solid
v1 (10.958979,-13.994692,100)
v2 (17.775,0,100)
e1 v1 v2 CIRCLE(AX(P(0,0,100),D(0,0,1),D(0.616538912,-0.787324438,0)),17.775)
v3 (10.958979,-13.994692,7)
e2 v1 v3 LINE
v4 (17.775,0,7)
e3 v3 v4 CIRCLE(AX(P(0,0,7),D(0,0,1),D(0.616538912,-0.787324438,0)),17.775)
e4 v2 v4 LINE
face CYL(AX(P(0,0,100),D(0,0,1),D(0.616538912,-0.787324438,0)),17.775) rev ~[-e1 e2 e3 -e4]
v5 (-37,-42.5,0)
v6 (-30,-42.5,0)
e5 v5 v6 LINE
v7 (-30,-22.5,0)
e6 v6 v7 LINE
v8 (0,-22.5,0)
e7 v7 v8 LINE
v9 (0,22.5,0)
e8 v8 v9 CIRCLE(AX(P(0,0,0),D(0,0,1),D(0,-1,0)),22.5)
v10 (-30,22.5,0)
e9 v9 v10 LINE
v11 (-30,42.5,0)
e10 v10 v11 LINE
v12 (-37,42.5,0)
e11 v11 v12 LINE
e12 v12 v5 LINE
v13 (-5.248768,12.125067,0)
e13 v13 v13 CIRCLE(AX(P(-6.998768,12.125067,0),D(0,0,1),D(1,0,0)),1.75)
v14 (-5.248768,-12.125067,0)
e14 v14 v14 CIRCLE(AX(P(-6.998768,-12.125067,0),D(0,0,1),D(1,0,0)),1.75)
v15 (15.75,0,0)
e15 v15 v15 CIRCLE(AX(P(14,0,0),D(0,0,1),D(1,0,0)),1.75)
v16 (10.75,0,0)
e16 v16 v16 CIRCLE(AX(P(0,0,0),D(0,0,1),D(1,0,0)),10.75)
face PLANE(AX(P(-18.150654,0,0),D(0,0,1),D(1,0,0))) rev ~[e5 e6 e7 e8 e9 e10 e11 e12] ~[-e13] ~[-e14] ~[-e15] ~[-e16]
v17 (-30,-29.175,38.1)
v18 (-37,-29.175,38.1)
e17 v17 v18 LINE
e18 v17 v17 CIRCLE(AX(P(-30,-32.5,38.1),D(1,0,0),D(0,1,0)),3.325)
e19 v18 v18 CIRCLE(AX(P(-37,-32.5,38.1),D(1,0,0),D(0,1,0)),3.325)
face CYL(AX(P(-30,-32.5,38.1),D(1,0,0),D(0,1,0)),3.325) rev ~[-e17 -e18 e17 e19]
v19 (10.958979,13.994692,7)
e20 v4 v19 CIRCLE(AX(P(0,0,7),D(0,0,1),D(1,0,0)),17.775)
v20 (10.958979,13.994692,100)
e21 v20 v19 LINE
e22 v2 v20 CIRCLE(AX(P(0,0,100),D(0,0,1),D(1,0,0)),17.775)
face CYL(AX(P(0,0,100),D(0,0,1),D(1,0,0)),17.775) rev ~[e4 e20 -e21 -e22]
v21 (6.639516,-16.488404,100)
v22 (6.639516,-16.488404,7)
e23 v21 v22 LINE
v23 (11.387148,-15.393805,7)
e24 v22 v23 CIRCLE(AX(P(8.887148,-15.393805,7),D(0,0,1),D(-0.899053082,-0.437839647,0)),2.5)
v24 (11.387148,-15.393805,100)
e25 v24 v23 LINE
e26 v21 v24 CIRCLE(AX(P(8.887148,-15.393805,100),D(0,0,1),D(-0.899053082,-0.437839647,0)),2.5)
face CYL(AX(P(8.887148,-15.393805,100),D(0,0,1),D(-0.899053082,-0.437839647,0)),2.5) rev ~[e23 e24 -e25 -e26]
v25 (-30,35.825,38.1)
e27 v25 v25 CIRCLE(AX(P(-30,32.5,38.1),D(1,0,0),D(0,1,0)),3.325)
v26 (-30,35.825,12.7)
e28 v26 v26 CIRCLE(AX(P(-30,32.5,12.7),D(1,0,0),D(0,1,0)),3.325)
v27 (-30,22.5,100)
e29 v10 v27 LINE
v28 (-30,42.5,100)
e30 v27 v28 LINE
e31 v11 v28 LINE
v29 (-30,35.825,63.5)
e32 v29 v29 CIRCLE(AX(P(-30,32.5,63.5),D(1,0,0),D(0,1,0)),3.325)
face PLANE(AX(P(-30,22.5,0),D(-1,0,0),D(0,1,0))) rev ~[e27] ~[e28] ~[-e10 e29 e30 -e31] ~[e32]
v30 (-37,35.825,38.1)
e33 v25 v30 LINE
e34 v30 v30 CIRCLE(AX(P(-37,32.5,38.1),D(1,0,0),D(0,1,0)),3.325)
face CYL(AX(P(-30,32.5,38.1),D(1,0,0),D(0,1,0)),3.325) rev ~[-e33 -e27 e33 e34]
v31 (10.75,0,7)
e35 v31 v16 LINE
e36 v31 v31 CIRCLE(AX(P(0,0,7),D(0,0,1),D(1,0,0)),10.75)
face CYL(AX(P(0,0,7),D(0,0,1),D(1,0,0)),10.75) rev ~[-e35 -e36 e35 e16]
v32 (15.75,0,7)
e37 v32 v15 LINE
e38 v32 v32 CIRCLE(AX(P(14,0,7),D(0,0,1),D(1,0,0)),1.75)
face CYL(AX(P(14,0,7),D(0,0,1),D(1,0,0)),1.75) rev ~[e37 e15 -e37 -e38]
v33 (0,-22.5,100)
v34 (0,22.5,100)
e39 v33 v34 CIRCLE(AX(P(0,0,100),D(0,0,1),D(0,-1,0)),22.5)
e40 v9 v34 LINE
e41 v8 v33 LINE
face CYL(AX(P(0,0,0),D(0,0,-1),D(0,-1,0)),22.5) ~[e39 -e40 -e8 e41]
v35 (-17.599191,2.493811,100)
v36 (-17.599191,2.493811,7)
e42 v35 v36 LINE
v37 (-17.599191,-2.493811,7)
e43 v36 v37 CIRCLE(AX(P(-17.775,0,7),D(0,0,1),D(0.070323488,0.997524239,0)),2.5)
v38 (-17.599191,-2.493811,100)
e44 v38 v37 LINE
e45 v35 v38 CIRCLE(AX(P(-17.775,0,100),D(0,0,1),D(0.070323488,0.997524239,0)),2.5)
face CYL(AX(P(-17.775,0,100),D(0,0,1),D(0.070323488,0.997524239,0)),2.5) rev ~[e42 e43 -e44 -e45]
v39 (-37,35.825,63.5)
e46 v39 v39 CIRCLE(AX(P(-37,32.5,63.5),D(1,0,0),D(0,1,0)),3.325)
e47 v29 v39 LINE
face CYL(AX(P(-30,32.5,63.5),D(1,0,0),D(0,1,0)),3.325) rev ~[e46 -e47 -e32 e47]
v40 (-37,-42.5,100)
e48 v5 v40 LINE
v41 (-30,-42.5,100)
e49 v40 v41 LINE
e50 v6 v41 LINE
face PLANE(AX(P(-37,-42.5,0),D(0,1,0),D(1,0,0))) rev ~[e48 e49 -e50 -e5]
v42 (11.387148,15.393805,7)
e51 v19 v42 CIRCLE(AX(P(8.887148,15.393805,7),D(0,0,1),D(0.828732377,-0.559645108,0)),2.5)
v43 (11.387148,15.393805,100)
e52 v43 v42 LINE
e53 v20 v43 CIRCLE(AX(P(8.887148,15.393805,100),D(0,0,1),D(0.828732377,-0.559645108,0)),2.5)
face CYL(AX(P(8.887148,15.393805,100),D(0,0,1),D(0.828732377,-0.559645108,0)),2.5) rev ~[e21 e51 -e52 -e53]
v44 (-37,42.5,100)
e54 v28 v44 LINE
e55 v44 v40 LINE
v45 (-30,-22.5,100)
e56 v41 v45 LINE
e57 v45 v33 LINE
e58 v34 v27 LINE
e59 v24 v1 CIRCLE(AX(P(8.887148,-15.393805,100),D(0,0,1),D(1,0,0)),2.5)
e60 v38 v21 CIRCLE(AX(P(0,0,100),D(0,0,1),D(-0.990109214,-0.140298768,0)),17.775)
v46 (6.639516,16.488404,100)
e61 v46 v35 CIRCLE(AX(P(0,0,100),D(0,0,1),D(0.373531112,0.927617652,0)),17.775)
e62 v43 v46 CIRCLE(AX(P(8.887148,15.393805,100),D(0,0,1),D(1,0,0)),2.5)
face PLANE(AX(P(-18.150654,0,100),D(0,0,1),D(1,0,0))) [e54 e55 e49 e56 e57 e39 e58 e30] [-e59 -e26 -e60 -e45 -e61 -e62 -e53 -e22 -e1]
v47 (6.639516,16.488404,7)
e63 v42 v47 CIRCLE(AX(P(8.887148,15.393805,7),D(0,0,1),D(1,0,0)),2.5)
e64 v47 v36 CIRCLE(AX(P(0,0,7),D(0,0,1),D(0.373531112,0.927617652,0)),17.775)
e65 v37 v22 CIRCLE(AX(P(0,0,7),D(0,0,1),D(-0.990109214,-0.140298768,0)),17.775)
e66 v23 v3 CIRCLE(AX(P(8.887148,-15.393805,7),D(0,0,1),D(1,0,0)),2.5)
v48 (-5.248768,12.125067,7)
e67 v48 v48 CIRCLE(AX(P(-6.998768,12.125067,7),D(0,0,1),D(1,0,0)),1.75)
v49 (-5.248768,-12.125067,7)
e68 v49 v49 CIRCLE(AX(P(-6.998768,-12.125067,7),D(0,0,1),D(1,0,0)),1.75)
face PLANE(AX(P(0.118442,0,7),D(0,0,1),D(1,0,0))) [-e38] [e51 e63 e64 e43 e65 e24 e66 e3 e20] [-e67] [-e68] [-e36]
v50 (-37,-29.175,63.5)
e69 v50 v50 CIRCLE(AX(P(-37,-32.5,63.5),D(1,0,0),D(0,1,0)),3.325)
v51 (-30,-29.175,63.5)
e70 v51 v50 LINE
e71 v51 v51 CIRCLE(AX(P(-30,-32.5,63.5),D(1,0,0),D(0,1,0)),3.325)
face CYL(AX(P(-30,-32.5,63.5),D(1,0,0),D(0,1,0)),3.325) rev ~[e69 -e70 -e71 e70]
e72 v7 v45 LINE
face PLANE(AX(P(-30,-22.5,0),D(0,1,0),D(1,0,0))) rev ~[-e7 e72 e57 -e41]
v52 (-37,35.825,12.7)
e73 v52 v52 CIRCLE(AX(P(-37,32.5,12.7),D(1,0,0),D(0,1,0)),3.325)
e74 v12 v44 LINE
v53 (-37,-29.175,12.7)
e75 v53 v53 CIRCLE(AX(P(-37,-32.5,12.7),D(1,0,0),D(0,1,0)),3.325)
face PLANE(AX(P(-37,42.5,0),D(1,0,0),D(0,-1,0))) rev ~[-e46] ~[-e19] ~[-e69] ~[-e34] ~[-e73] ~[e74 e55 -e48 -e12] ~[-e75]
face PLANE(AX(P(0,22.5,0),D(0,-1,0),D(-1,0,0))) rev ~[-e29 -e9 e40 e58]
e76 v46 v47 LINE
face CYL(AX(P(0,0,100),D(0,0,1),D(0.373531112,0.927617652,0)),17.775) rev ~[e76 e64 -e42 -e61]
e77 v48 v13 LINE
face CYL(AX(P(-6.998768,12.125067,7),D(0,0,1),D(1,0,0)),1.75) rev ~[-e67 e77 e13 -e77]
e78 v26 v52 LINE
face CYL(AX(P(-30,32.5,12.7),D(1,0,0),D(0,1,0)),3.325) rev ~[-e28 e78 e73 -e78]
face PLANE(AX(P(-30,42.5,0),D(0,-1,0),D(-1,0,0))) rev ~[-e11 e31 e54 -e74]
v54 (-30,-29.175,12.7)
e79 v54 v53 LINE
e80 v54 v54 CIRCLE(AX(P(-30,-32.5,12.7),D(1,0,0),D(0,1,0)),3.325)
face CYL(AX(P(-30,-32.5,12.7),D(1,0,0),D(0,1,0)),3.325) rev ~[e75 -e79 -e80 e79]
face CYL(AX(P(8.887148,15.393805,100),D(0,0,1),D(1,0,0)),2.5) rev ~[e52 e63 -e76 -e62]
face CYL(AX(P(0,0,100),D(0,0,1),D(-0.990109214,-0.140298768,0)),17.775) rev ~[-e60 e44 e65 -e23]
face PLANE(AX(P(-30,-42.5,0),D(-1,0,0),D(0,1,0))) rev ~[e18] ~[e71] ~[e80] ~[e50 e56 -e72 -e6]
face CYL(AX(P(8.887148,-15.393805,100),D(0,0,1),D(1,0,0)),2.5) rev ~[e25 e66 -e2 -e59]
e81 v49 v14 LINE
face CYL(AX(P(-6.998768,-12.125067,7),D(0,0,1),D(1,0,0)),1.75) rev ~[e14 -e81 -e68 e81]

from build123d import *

# Parameters (mm, degrees)
F1_DEPTH = 100
F3_DEPTH = 93
F4_R     = 10.75
F4_R_2   = 1.75
F5_DEPTH = 7.001
F6_R     = 3.325
F7_DEPTH = 7.001


with BuildPart() as f1:
    # F0 (on Top) → F1 (new body)
    with BuildSketch(Plane.XY):
        with BuildLine():
            Line((-30, -22.5), (0, -22.5))
            ThreePointArc((0, -22.5), (22.5, 0), (0, 22.5))
            Line((0, 22.5), (-30, 22.5))
            Line((-30, 22.5), (-30, 42.5))
            Line((-30, 42.5), (-37, 42.5))
            Line((-37, 42.5), (-37, -42.5))
            Line((-37, -42.5), (-30, -42.5))
            Line((-30, -42.5), (-30, -22.5))
        make_face()
    extrude(amount=F1_DEPTH)

    # F2 (on face) → F3 (cut)
    with BuildSketch(Plane.XY.offset(100)):
        with BuildLine():
            ThreePointArc((10.9589791569, -13.9946918808), (15.9804017395, -7.7831475152), (17.775, 0))
            ThreePointArc((17.775, 0), (15.9804017395, 7.7831475152), (10.9589791569, 13.9946918808))
            ThreePointArc((10.9589791569, 13.9946918808), (7.6371976915, 13.2287125761), (6.6395155094, 16.4884037675))
            ThreePointArc((6.6395155094, 16.4884037675), (-8.8876758914, 15.3935), (-17.5991912799, 2.493810597))
            ThreePointArc((-17.5991912799, 2.493810597), (-15.9461312513, 1.7044761952), (-15.275, 0))
            ThreePointArc((-15.275, 0), (-15.9461312513, -1.7044761952), (-17.5991912799, -2.493810597))
            ThreePointArc((-17.5991912799, -2.493810597), (-8.8876758914, -15.3935), (6.6395155094, -16.4884037675))
            ThreePointArc((6.6395155094, -16.4884037675), (7.6371976915, -13.2287125761), (10.9589791569, -13.9946918808))
        make_face()
        with BuildLine():
            ThreePointArc((6.6395155094, 16.4884037675), (7.6371976915, 13.2287125761), (10.9589791569, 13.9946918808))
            ThreePointArc((10.9589791569, 13.9946918808), (8.8871482138, 15.3938046508), (6.6395155094, 16.4884037675))
        make_face()
        with BuildLine():
            ThreePointArc((6.6395155094, 16.4884037675), (8.8871482138, 15.3938046508), (10.9589791569, 13.9946918808))
            ThreePointArc((10.9589791569, 13.9946918808), (11.2777106327, 14.662223267), (11.3871482138, 15.3938046508))
            ThreePointArc((11.3871482138, 15.3938046508), (9.4488056891, 17.8298959628), (6.6395155094, 16.4884037675))
        make_face()
        with BuildLine():
            ThreePointArc((11.3871482138, -15.3938046508), (11.2777106327, -14.662223267), (10.9589791569, -13.9946918808))
            ThreePointArc((10.9589791569, -13.9946918808), (8.8871482138, -15.3938046508), (6.6395155094, -16.4884037675))
            ThreePointArc((6.6395155094, -16.4884037675), (9.4488056891, -17.8298959628), (11.3871482138, -15.3938046508))
        make_face()
        with BuildLine():
            ThreePointArc((6.6395155094, -16.4884037675), (8.8871482138, -15.3938046508), (10.9589791569, -13.9946918808))
            ThreePointArc((10.9589791569, -13.9946918808), (7.6371976915, -13.2287125761), (6.6395155094, -16.4884037675))
        make_face()
        with BuildLine():
            ThreePointArc((-15.275, 0), (-15.9461312513, 1.7044761952), (-17.5991912799, 2.493810597))
            ThreePointArc((-17.5991912799, 2.493810597), (-17.775, 0), (-17.5991912799, -2.493810597))
            ThreePointArc((-17.5991912799, -2.493810597), (-15.9461312513, -1.7044761952), (-15.275, 0))
        make_face()
        with BuildLine():
            ThreePointArc((-17.5991912799, -2.493810597), (-17.775, 0), (-17.5991912799, 2.493810597))
            ThreePointArc((-17.5991912799, 2.493810597), (-20.275, 0), (-17.5991912799, -2.493810597))
        make_face()
    extrude(amount=-F3_DEPTH, mode=Mode.SUBTRACT)

    # F4 (on face) → F5 (cut, through all)
    with BuildSketch(Plane.XY.offset(7)):
        Circle(F4_R)
        with Locations((14, 0)):
            Circle(F4_R_2)
        with Locations((-6.998768, 12.1250668651)):
            Circle(F4_R_2)
        with Locations((-6.998768, -12.1250668651)):
            Circle(F4_R_2)
    extrude(amount=-F5_DEPTH, mode=Mode.SUBTRACT)

    # F6 (on face) → F7 (cut, through all)
    with BuildSketch(Plane.YZ.offset(-30)):
        with Locations((32.5, 12.7)):
            Circle(F6_R)
        with Locations((-32.5, 12.7)):
            Circle(F6_R)
        with Locations((-32.5, 63.5)):
            Circle(F6_R)
        with Locations((32.5, 63.5)):
            Circle(F6_R)
        with Locations((-32.5, 38.1)):
            Circle(F6_R)
        with Locations((32.5, 38.1)):
            Circle(F6_R)
    extrude(amount=-F7_DEPTH, mode=Mode.SUBTRACT)


solid = f1.part
